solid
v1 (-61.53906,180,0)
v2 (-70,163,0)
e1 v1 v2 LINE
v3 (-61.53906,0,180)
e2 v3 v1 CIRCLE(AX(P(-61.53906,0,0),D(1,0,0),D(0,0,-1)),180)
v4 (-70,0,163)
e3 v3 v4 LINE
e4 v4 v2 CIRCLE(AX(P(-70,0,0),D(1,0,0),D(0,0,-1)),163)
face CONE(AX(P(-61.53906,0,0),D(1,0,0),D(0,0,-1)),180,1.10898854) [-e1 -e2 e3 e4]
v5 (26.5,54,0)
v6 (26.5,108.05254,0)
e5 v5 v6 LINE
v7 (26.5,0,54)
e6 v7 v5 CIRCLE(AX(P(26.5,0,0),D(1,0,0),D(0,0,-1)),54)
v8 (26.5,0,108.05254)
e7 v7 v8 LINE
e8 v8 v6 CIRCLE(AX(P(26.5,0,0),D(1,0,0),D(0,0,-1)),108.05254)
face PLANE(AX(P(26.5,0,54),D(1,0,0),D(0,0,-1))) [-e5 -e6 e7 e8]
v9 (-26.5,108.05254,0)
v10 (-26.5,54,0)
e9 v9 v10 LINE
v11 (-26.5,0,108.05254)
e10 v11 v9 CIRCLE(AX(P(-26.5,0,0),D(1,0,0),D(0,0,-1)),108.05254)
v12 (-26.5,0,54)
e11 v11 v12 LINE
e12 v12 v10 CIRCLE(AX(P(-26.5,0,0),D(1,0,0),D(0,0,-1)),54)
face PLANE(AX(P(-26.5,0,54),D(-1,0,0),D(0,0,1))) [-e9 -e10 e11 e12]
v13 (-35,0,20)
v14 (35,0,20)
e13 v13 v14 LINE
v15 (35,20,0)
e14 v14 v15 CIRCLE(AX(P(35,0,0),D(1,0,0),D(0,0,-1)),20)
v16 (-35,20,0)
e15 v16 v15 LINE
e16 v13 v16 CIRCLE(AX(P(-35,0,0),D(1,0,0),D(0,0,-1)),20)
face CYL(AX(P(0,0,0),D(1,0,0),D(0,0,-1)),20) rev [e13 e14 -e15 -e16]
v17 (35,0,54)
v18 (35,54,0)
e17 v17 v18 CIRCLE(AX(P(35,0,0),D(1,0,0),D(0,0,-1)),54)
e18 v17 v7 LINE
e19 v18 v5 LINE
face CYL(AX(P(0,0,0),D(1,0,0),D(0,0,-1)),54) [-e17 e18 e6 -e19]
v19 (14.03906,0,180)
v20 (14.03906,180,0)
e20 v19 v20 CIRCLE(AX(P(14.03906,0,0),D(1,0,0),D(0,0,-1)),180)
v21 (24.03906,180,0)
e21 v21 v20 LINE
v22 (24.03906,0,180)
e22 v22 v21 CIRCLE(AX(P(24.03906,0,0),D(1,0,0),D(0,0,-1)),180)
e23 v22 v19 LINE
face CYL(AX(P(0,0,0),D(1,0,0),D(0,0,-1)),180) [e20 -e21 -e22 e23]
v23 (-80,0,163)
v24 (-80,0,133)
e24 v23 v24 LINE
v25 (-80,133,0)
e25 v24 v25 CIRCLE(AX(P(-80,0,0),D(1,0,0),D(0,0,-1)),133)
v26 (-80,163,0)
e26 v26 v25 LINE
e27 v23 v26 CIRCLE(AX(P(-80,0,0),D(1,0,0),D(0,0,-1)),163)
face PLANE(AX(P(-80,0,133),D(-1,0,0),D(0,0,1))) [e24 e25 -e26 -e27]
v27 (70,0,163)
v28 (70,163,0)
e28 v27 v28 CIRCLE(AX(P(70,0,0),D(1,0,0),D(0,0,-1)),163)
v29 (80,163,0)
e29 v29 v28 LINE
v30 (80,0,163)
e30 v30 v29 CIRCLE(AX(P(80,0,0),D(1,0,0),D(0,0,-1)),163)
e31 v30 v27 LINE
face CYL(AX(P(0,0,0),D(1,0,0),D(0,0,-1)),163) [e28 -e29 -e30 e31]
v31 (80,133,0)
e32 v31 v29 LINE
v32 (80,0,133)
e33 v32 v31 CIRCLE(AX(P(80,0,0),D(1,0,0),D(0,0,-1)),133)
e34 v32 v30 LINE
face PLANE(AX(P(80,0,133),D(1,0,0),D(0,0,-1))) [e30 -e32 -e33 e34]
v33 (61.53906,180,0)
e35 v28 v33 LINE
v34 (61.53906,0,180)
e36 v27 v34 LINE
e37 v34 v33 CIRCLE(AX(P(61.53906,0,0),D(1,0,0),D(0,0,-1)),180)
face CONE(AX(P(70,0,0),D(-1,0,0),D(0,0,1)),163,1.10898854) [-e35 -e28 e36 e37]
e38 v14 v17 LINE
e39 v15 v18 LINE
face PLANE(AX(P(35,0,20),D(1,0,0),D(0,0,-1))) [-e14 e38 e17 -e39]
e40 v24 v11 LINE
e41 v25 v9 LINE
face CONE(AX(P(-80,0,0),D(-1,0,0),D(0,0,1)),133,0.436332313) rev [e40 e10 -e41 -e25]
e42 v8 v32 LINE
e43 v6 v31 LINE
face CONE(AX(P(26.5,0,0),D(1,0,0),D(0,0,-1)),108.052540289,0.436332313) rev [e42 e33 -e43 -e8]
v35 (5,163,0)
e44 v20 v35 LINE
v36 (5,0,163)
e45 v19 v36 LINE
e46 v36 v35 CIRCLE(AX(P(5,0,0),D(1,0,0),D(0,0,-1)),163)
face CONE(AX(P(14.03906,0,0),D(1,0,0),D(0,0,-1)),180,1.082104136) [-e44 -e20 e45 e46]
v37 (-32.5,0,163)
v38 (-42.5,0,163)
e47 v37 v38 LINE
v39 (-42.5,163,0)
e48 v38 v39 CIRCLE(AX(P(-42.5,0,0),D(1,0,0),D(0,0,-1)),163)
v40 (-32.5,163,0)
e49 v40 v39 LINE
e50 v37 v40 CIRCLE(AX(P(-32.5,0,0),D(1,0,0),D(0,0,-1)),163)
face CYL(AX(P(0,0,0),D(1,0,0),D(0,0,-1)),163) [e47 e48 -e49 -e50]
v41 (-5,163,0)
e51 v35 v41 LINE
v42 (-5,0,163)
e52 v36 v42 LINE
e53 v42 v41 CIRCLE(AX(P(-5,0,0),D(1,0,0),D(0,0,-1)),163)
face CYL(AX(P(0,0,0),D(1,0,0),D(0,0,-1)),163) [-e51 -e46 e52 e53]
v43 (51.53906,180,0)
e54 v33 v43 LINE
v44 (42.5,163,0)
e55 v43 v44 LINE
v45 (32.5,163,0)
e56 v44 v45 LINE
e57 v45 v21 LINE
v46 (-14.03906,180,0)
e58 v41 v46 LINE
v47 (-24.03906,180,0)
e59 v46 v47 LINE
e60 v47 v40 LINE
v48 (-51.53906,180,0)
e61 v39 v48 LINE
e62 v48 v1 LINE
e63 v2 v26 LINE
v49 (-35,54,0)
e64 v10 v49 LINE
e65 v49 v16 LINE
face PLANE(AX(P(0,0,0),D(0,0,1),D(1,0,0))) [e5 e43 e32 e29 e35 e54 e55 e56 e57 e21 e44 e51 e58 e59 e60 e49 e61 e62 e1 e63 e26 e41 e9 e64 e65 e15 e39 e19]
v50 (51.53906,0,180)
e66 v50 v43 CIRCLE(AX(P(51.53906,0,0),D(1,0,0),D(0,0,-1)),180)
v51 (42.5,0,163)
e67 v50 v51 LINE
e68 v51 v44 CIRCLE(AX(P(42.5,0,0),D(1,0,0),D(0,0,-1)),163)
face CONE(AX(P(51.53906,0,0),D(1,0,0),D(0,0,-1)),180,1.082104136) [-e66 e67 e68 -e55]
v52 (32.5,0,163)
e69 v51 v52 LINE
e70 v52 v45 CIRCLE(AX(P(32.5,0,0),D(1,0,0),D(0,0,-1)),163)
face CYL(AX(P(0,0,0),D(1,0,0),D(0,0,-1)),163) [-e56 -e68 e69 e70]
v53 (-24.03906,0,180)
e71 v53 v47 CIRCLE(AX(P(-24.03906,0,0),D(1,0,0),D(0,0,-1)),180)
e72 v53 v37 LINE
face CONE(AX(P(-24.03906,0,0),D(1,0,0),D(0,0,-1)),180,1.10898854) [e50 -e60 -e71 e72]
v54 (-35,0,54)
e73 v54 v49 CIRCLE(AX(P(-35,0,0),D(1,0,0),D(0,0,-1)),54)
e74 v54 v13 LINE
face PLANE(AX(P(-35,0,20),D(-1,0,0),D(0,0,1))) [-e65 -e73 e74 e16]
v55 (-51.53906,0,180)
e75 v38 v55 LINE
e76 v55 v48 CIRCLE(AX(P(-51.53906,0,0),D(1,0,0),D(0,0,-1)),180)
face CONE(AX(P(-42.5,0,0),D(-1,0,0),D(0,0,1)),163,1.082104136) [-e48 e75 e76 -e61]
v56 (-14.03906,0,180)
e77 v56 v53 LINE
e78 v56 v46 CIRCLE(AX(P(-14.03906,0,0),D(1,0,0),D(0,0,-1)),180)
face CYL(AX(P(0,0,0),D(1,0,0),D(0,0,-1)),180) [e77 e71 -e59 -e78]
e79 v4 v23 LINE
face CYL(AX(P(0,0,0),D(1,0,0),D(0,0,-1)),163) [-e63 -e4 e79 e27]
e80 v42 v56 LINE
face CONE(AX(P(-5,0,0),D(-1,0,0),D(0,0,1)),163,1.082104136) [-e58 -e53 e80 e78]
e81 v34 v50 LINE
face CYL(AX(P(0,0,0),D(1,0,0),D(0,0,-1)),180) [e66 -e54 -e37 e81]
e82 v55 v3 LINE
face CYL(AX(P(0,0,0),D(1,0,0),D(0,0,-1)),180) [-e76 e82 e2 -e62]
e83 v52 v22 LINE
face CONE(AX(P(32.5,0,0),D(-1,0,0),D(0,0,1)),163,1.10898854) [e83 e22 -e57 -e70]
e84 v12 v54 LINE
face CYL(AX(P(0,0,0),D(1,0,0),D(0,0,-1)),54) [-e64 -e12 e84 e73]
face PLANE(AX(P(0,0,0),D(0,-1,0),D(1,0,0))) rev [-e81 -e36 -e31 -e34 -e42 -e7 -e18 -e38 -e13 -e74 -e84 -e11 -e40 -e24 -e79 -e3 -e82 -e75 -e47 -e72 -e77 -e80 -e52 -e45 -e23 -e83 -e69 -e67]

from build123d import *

# Parameters (mm, degrees)
REVOLVE1_ANGLE = 270


with BuildPart() as part:
    # Sketch1 → Revolve1 (revolve)
    with BuildSketch(Plane.XY):
        Polygon((-35, 20), (35, 20), (35, 54), (26.5, 54), (26.5, 108.052540289), (80, 133), (80, 163), (70, 163), (61.539060338, 180), (51.539060338, 180), (42.5, 163), (32.5, 163), (24.039060338, 180), (14.039060338, 180), (5, 163), (-5, 163), (-14.039060338, 180), (-24.039060338, 180), (-32.5, 163), (-42.5, 163), (-51.539060338, 180), (-61.539060338, 180), (-70, 163), (-80, 163), (-80, 133), (-26.5, 108.052540289), (-26.5, 54), (-35, 54), align=None)
    revolve(axis=Axis((0, 0, 0), (-1, 0, 0)), revolution_arc=REVOLVE1_ANGLE)


solid = part.part
